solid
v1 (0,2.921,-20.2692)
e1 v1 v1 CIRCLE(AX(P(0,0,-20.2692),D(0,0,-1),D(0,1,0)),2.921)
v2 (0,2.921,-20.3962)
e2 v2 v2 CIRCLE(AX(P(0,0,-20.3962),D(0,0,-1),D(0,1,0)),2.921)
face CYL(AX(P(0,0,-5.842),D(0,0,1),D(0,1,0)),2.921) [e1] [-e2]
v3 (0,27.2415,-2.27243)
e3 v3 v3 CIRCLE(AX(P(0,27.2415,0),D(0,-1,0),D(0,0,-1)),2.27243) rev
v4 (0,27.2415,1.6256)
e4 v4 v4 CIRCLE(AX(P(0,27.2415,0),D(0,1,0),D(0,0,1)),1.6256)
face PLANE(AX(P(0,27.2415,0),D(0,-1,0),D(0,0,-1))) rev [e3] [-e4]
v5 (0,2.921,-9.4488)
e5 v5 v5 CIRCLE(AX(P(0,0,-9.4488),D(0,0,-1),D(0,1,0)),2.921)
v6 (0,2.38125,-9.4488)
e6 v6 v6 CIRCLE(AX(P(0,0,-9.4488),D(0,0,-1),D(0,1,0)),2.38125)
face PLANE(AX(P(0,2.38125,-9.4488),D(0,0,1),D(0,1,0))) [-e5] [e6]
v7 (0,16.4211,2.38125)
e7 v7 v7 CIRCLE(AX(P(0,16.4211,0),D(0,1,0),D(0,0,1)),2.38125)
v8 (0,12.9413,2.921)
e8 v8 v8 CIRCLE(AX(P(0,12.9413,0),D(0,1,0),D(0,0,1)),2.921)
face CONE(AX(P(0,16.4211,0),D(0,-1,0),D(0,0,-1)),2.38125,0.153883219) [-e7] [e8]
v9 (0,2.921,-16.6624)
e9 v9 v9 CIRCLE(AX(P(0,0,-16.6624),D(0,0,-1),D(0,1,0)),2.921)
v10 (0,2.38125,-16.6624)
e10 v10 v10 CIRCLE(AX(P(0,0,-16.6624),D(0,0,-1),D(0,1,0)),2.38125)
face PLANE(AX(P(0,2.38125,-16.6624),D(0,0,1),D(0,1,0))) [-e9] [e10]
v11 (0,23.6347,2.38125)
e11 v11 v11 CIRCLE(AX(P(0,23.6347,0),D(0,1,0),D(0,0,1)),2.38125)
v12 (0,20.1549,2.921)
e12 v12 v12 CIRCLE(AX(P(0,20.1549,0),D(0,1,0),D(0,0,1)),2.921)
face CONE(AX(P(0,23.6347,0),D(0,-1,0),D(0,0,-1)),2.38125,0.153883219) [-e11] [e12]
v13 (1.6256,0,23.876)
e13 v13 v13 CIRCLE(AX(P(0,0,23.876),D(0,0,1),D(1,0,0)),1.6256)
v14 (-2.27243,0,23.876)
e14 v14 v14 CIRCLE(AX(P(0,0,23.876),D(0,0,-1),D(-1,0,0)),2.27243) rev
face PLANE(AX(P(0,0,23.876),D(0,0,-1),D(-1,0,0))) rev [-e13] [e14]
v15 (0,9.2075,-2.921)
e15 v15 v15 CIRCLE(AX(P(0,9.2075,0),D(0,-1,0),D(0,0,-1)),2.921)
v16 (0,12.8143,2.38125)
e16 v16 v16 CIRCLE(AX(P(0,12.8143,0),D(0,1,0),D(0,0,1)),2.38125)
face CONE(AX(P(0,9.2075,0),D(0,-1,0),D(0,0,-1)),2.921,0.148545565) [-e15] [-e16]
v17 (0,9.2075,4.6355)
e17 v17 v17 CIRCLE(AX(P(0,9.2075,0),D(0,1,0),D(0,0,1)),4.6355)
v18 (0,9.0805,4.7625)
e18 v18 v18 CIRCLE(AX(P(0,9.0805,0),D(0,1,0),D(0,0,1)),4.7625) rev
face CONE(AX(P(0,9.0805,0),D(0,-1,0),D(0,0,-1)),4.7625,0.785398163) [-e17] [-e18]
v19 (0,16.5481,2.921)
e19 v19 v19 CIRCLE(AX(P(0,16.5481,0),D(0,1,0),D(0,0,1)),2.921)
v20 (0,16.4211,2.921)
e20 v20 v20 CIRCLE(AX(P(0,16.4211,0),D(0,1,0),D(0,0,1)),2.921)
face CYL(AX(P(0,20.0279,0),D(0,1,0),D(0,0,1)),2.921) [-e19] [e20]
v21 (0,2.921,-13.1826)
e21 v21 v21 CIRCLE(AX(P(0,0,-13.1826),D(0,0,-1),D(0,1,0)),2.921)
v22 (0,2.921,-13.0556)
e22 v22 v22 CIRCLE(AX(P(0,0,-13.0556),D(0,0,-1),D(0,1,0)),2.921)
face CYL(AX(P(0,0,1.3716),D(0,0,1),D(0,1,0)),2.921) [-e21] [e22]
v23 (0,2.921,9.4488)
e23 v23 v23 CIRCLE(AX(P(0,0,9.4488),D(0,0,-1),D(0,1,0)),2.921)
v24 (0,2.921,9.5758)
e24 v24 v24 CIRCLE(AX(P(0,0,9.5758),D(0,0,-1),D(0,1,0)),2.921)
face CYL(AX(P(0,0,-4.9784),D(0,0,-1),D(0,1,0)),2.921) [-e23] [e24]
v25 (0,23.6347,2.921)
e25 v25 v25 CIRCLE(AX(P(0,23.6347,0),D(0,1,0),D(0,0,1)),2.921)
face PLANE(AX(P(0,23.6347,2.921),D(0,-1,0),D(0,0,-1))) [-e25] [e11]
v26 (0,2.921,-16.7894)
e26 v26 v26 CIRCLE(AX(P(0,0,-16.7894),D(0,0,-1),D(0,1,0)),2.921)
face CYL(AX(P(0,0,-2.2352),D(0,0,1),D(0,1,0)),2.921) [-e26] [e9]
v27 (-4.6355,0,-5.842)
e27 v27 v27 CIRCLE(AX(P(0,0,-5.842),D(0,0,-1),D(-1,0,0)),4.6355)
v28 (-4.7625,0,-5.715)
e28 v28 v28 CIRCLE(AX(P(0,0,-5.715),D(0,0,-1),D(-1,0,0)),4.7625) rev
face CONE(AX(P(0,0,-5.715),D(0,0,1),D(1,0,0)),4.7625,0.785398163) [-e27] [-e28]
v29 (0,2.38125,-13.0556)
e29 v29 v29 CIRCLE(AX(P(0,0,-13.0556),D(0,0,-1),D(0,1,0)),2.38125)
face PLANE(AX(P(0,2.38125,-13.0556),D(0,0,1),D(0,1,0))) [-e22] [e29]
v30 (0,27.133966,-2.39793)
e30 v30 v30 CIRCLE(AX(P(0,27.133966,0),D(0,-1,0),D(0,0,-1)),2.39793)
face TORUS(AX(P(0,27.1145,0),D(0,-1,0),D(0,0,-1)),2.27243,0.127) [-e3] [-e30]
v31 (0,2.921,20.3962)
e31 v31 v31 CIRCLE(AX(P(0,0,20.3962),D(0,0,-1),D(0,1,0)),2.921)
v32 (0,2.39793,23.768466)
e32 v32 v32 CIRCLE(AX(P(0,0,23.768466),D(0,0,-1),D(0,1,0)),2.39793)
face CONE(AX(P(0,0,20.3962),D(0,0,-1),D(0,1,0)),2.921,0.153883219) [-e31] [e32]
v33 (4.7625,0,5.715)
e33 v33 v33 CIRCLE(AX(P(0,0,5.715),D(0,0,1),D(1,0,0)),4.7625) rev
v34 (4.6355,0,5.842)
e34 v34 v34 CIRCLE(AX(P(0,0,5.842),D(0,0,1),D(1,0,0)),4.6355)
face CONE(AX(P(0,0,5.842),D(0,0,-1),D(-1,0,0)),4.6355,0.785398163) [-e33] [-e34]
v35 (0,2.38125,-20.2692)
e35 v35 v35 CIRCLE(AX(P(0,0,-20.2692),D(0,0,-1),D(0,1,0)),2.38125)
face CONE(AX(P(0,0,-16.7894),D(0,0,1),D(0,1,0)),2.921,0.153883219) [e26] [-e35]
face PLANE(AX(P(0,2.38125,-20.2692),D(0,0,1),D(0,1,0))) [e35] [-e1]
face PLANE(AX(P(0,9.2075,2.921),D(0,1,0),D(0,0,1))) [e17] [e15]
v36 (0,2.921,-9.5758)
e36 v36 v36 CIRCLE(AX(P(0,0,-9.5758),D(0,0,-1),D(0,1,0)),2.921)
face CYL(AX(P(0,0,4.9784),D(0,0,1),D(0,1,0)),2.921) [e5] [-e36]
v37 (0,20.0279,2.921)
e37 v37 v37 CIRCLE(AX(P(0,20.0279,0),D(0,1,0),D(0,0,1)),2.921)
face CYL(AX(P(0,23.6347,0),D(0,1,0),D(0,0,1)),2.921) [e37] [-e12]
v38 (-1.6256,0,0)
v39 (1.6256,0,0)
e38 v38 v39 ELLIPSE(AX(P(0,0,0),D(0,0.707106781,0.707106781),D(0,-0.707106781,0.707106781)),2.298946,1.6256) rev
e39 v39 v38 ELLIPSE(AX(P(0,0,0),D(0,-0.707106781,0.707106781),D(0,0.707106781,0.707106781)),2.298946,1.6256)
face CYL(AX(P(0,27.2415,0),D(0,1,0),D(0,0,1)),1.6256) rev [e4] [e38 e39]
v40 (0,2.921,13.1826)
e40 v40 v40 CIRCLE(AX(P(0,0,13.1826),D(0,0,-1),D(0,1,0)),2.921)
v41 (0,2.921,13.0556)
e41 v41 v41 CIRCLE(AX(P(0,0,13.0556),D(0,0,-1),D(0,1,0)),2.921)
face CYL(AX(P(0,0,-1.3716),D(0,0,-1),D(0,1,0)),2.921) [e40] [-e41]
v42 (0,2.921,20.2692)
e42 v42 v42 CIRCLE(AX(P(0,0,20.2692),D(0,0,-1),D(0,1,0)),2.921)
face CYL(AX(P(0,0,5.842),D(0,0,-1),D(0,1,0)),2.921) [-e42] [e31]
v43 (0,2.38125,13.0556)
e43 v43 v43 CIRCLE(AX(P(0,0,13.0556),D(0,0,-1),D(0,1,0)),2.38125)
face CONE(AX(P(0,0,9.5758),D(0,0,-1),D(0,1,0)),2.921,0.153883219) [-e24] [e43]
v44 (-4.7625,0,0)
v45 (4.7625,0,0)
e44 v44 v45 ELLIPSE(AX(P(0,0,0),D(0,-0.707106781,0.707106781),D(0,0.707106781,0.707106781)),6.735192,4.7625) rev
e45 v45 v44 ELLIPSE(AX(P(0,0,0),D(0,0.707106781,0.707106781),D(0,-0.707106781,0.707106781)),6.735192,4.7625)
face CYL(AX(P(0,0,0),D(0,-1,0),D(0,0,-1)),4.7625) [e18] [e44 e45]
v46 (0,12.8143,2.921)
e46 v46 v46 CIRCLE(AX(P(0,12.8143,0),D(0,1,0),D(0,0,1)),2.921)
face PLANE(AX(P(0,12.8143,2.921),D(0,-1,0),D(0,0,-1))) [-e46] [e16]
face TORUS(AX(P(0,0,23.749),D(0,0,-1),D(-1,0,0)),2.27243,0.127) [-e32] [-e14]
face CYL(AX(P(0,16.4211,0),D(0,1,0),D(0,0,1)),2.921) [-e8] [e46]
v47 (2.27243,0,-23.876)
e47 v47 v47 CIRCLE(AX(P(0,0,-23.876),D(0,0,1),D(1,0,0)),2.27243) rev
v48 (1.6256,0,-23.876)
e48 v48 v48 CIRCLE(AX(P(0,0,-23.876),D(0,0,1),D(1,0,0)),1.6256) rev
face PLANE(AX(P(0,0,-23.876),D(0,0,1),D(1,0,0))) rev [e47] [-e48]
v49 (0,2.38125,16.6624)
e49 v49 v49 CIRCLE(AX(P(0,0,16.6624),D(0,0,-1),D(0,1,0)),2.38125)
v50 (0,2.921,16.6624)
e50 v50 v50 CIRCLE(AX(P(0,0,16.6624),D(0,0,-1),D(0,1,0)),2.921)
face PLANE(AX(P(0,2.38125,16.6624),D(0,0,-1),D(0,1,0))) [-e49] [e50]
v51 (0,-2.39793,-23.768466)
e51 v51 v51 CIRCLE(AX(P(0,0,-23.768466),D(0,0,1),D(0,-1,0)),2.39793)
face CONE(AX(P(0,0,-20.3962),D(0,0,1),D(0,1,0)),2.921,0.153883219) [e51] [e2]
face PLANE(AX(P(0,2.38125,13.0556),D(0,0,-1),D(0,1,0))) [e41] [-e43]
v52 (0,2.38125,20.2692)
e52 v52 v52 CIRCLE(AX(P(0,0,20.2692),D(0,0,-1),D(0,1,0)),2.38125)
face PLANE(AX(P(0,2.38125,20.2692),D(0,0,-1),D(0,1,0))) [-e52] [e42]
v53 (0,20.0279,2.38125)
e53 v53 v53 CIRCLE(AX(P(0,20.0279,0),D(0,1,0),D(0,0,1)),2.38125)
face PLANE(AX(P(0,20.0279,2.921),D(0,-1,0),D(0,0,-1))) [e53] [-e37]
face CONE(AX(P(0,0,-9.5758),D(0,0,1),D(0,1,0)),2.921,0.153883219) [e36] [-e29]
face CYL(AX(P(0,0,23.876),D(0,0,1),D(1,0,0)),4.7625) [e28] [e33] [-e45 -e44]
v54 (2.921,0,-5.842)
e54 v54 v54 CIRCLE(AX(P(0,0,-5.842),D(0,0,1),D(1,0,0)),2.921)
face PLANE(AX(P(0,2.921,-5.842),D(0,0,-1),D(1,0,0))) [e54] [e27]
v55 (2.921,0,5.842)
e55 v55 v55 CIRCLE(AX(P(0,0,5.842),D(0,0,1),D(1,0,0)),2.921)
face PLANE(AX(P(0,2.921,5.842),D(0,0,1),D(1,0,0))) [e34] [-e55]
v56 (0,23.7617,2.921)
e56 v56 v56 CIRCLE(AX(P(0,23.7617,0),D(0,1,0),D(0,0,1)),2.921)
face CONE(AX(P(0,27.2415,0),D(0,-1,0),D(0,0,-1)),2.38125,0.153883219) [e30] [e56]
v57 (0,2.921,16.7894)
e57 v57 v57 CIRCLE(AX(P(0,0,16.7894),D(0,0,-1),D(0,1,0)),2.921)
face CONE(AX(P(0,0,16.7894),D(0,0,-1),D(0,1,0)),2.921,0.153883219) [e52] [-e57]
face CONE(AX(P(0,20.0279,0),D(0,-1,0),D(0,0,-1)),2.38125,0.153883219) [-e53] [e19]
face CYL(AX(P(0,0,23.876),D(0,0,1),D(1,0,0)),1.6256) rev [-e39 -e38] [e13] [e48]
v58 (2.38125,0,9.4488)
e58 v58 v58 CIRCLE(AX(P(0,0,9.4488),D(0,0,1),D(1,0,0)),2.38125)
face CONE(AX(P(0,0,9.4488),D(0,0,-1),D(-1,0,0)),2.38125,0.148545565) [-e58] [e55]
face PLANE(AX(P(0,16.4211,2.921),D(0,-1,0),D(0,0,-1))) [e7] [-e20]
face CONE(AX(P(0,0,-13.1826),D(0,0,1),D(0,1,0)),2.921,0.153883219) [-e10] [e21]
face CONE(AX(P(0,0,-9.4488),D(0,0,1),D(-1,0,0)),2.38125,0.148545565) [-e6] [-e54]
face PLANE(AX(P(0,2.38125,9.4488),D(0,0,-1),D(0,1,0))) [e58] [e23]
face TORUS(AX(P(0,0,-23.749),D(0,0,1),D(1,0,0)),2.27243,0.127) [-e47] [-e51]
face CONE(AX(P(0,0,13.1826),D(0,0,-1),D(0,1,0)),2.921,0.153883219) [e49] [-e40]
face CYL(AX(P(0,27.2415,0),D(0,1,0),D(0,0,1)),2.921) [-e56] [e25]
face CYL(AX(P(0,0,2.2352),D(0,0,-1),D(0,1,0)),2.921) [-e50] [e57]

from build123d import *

# Parameters (mm, degrees)
SKETCH2_W       = 47.752
SKETCH2_H       = 4.7625
LPATTERN1_COUNT = 4
LPATTERN1_PITCH = 3.6068
SKETCH6_W       = 4.7625
SKETCH6_H       = 27.2415
LPATTERN2_COUNT = 4
LPATTERN2_PITCH = 3.6068
SKETCH5_W       = 57.104130169
SKETCH5_H       = 1.6256
SKETCH9_W       = 1.6256
SKETCH9_H       = 27.2415
CHAMFER1_SIZE   = 0.127
FILLET1_R       = 0.127


with BuildPart() as part:
    # Sketch2 → Revolve1 (revolve)
    with BuildSketch(Plane(origin=(0, 0, 0), x_dir=(0, 0, -1), z_dir=(1, 0, 0)), mode=Mode.PRIVATE) as revolve1_sk:
        with Locations((0, 2.38125)):
            Rectangle(SKETCH2_W, SKETCH2_H)
    revolve(revolve1_sk.sketch.rotate(Axis((0, 0, 23.876), (0, 0, -1)), 90), axis=Axis((0, 0, 23.876), (0, 0, -1)))

    # Sketch3 → Cut-Revolve1 (revolve, cut)
    with BuildSketch(Plane(origin=(0, 0, 0), x_dir=(0, 0, -1), z_dir=(1, 0, 0)), mode=Mode.PRIVATE) as cut_revolve1_sk:
        Polygon((-23.876, 4.7625), (-23.876, 2.38125), (-9.4488, 2.38125), (-5.842, 2.921), (-5.842, 4.7625), align=None)
    cut_revolve1 = revolve(cut_revolve1_sk.sketch.rotate(Axis((0, 0, 23.876), (0, 0, -1)), 90), axis=Axis((0, 0, 23.876), (0, 0, -1)), mode=Mode.SUBTRACT)

    # Sketch4 → Revolve2 (revolve)
    with BuildSketch(Plane(origin=(0, 0, 0), x_dir=(0, 0, -1), z_dir=(1, 0, 0))):
        Polygon((-20.2692, 2.921), (-20.3962, 2.921), (-23.876, 2.38125), (-20.2692, 2.38125), align=None)
    revolve2 = revolve(axis=Axis((0, 0, 5.842), (0, 0, 1)))

    # LPattern1: Revolve2 ×4
    with Locations(*[(0, 0, -i * LPATTERN1_PITCH) for i in range(1, LPATTERN1_COUNT)]):
        add(revolve2)

    # Mirror1: Cut-Revolve1, Revolve2 across plane
    add(cut_revolve1.mirror(Plane.XY), mode=Mode.SUBTRACT)
    add(revolve2.mirror(Plane.XY))

    # Mirror1 copy 1 sketch → Mirror1 copy 1 (revolve)
    with BuildSketch(Plane(origin=(0, 0, 3.6068), x_dir=(0, 0, 1), z_dir=(1, 0, 0))):
        Polygon((-20.2692, -2.921), (-20.3962, -2.921), (-23.876, -2.38125), (-20.2692, -2.38125), align=None)
    revolve(axis=Axis((0, 0, -2.2352), (0, 0, 1)))

    # Mirror1 copy 2 sketch → Mirror1 copy 2 (revolve)
    with BuildSketch(Plane(origin=(0, 0, 7.2136), x_dir=(0, 0, 1), z_dir=(1, 0, 0))):
        Polygon((-20.2692, -2.921), (-20.3962, -2.921), (-23.876, -2.38125), (-20.2692, -2.38125), align=None)
    revolve(axis=Axis((0, 0, 1.3716), (0, 0, 1)))

    # Mirror1 copy 3 sketch → Mirror1 copy 3 (revolve)
    with BuildSketch(Plane(origin=(0, 0, 10.8204), x_dir=(0, 0, 1), z_dir=(1, 0, 0))):
        Polygon((-20.2692, -2.921), (-20.3962, -2.921), (-23.876, -2.38125), (-20.2692, -2.38125), align=None)
    revolve(axis=Axis((0, 0, 4.9784), (0, 0, 1)))

    # Sketch6 → Revolve3 (revolve)
    with BuildSketch(Plane(origin=(0, 0, 0), x_dir=(0, 0, -1), z_dir=(1, 0, 0)), mode=Mode.PRIVATE) as revolve3_sk:
        with Locations((-2.38125, 13.62075)):
            Rectangle(SKETCH6_W, SKETCH6_H)
    revolve(revolve3_sk.sketch.rotate(Axis((0, 0, 0), (0, 1, 0)), 180), axis=Axis((0, 0, 0), (0, 1, 0)))

    # Sketch7 → Cut-Revolve3 (revolve, cut)
    with BuildSketch(Plane(origin=(0, 0, 0), x_dir=(0, 0, -1), z_dir=(1, 0, 0)), mode=Mode.PRIVATE) as cut_revolve3_sk:
        Polygon((-2.921, 9.2075), (-2.38125, 12.8143), (-2.38125, 27.2415), (-4.7625, 27.2415), (-4.7625, 9.2075), align=None)
    revolve(cut_revolve3_sk.sketch.rotate(Axis((0, 0, 0), (0, 1, 0)), 180), axis=Axis((0, 0, 0), (0, 1, 0)), mode=Mode.SUBTRACT)

    # Sketch8 → Revolve4 (revolve)
    with BuildSketch(Plane(origin=(0, 0, 0), x_dir=(0, 0, -1), z_dir=(1, 0, 0)), mode=Mode.PRIVATE) as revolve4_sk:
        Polygon((-2.38125, 27.2415), (-2.921, 23.7617), (-2.921, 23.6347), (-2.38125, 23.6347), align=None)
    revolve4 = revolve(revolve4_sk.sketch.rotate(Axis((0, 27.2415, 0), (0, -1, 0)), 180), axis=Axis((0, 27.2415, 0), (0, -1, 0)))

    # LPattern2: Revolve4 ×4
    with Locations(*[(0, -i * LPATTERN2_PITCH, 0) for i in range(1, LPATTERN2_COUNT)]):
        add(revolve4)

    # Sketch5 → Cut-Revolve2 (revolve, cut)
    with BuildSketch(Plane(origin=(0, 0, 0), x_dir=(0, 0, -1), z_dir=(1, 0, 0))):
        with Locations((4.676065085, 0.8128)):
            Rectangle(SKETCH5_W, SKETCH5_H)
    revolve(axis=Axis((0, 0, 23.876), (0, 0, -1)), mode=Mode.SUBTRACT)

    # Sketch9 → Cut-Revolve4 (revolve, cut)
    with BuildSketch(Plane(origin=(0, 0, 0), x_dir=(0, 0, -1), z_dir=(1, 0, 0))):
        with Locations((-0.8128, 13.62075)):
            Rectangle(SKETCH9_W, SKETCH9_H)
    revolve(axis=Axis((0, 27.2415, 0), (0, -1, 0)), mode=Mode.SUBTRACT)

    # Chamfer1
    chamfer1_edges = [part.edges().sort_by_distance(p)[0] for p in [
        (-4.7625, 0, -5.842),
        (0, 9.2075, 4.7625),
        (-4.7625, 0, 5.842),
    ]]
    chamfer(chamfer1_edges, length=CHAMFER1_SIZE)

    # Fillet1
    fillet1_edges = [part.edges().sort_by_distance(p)[0] for p in [
        (0, -2.38125, 23.876),
        (0, -2.38125, -23.876),
        (0, 27.2415, 2.38125),
    ]]
    fillet(fillet1_edges, radius=FILLET1_R)


solid = part.part
